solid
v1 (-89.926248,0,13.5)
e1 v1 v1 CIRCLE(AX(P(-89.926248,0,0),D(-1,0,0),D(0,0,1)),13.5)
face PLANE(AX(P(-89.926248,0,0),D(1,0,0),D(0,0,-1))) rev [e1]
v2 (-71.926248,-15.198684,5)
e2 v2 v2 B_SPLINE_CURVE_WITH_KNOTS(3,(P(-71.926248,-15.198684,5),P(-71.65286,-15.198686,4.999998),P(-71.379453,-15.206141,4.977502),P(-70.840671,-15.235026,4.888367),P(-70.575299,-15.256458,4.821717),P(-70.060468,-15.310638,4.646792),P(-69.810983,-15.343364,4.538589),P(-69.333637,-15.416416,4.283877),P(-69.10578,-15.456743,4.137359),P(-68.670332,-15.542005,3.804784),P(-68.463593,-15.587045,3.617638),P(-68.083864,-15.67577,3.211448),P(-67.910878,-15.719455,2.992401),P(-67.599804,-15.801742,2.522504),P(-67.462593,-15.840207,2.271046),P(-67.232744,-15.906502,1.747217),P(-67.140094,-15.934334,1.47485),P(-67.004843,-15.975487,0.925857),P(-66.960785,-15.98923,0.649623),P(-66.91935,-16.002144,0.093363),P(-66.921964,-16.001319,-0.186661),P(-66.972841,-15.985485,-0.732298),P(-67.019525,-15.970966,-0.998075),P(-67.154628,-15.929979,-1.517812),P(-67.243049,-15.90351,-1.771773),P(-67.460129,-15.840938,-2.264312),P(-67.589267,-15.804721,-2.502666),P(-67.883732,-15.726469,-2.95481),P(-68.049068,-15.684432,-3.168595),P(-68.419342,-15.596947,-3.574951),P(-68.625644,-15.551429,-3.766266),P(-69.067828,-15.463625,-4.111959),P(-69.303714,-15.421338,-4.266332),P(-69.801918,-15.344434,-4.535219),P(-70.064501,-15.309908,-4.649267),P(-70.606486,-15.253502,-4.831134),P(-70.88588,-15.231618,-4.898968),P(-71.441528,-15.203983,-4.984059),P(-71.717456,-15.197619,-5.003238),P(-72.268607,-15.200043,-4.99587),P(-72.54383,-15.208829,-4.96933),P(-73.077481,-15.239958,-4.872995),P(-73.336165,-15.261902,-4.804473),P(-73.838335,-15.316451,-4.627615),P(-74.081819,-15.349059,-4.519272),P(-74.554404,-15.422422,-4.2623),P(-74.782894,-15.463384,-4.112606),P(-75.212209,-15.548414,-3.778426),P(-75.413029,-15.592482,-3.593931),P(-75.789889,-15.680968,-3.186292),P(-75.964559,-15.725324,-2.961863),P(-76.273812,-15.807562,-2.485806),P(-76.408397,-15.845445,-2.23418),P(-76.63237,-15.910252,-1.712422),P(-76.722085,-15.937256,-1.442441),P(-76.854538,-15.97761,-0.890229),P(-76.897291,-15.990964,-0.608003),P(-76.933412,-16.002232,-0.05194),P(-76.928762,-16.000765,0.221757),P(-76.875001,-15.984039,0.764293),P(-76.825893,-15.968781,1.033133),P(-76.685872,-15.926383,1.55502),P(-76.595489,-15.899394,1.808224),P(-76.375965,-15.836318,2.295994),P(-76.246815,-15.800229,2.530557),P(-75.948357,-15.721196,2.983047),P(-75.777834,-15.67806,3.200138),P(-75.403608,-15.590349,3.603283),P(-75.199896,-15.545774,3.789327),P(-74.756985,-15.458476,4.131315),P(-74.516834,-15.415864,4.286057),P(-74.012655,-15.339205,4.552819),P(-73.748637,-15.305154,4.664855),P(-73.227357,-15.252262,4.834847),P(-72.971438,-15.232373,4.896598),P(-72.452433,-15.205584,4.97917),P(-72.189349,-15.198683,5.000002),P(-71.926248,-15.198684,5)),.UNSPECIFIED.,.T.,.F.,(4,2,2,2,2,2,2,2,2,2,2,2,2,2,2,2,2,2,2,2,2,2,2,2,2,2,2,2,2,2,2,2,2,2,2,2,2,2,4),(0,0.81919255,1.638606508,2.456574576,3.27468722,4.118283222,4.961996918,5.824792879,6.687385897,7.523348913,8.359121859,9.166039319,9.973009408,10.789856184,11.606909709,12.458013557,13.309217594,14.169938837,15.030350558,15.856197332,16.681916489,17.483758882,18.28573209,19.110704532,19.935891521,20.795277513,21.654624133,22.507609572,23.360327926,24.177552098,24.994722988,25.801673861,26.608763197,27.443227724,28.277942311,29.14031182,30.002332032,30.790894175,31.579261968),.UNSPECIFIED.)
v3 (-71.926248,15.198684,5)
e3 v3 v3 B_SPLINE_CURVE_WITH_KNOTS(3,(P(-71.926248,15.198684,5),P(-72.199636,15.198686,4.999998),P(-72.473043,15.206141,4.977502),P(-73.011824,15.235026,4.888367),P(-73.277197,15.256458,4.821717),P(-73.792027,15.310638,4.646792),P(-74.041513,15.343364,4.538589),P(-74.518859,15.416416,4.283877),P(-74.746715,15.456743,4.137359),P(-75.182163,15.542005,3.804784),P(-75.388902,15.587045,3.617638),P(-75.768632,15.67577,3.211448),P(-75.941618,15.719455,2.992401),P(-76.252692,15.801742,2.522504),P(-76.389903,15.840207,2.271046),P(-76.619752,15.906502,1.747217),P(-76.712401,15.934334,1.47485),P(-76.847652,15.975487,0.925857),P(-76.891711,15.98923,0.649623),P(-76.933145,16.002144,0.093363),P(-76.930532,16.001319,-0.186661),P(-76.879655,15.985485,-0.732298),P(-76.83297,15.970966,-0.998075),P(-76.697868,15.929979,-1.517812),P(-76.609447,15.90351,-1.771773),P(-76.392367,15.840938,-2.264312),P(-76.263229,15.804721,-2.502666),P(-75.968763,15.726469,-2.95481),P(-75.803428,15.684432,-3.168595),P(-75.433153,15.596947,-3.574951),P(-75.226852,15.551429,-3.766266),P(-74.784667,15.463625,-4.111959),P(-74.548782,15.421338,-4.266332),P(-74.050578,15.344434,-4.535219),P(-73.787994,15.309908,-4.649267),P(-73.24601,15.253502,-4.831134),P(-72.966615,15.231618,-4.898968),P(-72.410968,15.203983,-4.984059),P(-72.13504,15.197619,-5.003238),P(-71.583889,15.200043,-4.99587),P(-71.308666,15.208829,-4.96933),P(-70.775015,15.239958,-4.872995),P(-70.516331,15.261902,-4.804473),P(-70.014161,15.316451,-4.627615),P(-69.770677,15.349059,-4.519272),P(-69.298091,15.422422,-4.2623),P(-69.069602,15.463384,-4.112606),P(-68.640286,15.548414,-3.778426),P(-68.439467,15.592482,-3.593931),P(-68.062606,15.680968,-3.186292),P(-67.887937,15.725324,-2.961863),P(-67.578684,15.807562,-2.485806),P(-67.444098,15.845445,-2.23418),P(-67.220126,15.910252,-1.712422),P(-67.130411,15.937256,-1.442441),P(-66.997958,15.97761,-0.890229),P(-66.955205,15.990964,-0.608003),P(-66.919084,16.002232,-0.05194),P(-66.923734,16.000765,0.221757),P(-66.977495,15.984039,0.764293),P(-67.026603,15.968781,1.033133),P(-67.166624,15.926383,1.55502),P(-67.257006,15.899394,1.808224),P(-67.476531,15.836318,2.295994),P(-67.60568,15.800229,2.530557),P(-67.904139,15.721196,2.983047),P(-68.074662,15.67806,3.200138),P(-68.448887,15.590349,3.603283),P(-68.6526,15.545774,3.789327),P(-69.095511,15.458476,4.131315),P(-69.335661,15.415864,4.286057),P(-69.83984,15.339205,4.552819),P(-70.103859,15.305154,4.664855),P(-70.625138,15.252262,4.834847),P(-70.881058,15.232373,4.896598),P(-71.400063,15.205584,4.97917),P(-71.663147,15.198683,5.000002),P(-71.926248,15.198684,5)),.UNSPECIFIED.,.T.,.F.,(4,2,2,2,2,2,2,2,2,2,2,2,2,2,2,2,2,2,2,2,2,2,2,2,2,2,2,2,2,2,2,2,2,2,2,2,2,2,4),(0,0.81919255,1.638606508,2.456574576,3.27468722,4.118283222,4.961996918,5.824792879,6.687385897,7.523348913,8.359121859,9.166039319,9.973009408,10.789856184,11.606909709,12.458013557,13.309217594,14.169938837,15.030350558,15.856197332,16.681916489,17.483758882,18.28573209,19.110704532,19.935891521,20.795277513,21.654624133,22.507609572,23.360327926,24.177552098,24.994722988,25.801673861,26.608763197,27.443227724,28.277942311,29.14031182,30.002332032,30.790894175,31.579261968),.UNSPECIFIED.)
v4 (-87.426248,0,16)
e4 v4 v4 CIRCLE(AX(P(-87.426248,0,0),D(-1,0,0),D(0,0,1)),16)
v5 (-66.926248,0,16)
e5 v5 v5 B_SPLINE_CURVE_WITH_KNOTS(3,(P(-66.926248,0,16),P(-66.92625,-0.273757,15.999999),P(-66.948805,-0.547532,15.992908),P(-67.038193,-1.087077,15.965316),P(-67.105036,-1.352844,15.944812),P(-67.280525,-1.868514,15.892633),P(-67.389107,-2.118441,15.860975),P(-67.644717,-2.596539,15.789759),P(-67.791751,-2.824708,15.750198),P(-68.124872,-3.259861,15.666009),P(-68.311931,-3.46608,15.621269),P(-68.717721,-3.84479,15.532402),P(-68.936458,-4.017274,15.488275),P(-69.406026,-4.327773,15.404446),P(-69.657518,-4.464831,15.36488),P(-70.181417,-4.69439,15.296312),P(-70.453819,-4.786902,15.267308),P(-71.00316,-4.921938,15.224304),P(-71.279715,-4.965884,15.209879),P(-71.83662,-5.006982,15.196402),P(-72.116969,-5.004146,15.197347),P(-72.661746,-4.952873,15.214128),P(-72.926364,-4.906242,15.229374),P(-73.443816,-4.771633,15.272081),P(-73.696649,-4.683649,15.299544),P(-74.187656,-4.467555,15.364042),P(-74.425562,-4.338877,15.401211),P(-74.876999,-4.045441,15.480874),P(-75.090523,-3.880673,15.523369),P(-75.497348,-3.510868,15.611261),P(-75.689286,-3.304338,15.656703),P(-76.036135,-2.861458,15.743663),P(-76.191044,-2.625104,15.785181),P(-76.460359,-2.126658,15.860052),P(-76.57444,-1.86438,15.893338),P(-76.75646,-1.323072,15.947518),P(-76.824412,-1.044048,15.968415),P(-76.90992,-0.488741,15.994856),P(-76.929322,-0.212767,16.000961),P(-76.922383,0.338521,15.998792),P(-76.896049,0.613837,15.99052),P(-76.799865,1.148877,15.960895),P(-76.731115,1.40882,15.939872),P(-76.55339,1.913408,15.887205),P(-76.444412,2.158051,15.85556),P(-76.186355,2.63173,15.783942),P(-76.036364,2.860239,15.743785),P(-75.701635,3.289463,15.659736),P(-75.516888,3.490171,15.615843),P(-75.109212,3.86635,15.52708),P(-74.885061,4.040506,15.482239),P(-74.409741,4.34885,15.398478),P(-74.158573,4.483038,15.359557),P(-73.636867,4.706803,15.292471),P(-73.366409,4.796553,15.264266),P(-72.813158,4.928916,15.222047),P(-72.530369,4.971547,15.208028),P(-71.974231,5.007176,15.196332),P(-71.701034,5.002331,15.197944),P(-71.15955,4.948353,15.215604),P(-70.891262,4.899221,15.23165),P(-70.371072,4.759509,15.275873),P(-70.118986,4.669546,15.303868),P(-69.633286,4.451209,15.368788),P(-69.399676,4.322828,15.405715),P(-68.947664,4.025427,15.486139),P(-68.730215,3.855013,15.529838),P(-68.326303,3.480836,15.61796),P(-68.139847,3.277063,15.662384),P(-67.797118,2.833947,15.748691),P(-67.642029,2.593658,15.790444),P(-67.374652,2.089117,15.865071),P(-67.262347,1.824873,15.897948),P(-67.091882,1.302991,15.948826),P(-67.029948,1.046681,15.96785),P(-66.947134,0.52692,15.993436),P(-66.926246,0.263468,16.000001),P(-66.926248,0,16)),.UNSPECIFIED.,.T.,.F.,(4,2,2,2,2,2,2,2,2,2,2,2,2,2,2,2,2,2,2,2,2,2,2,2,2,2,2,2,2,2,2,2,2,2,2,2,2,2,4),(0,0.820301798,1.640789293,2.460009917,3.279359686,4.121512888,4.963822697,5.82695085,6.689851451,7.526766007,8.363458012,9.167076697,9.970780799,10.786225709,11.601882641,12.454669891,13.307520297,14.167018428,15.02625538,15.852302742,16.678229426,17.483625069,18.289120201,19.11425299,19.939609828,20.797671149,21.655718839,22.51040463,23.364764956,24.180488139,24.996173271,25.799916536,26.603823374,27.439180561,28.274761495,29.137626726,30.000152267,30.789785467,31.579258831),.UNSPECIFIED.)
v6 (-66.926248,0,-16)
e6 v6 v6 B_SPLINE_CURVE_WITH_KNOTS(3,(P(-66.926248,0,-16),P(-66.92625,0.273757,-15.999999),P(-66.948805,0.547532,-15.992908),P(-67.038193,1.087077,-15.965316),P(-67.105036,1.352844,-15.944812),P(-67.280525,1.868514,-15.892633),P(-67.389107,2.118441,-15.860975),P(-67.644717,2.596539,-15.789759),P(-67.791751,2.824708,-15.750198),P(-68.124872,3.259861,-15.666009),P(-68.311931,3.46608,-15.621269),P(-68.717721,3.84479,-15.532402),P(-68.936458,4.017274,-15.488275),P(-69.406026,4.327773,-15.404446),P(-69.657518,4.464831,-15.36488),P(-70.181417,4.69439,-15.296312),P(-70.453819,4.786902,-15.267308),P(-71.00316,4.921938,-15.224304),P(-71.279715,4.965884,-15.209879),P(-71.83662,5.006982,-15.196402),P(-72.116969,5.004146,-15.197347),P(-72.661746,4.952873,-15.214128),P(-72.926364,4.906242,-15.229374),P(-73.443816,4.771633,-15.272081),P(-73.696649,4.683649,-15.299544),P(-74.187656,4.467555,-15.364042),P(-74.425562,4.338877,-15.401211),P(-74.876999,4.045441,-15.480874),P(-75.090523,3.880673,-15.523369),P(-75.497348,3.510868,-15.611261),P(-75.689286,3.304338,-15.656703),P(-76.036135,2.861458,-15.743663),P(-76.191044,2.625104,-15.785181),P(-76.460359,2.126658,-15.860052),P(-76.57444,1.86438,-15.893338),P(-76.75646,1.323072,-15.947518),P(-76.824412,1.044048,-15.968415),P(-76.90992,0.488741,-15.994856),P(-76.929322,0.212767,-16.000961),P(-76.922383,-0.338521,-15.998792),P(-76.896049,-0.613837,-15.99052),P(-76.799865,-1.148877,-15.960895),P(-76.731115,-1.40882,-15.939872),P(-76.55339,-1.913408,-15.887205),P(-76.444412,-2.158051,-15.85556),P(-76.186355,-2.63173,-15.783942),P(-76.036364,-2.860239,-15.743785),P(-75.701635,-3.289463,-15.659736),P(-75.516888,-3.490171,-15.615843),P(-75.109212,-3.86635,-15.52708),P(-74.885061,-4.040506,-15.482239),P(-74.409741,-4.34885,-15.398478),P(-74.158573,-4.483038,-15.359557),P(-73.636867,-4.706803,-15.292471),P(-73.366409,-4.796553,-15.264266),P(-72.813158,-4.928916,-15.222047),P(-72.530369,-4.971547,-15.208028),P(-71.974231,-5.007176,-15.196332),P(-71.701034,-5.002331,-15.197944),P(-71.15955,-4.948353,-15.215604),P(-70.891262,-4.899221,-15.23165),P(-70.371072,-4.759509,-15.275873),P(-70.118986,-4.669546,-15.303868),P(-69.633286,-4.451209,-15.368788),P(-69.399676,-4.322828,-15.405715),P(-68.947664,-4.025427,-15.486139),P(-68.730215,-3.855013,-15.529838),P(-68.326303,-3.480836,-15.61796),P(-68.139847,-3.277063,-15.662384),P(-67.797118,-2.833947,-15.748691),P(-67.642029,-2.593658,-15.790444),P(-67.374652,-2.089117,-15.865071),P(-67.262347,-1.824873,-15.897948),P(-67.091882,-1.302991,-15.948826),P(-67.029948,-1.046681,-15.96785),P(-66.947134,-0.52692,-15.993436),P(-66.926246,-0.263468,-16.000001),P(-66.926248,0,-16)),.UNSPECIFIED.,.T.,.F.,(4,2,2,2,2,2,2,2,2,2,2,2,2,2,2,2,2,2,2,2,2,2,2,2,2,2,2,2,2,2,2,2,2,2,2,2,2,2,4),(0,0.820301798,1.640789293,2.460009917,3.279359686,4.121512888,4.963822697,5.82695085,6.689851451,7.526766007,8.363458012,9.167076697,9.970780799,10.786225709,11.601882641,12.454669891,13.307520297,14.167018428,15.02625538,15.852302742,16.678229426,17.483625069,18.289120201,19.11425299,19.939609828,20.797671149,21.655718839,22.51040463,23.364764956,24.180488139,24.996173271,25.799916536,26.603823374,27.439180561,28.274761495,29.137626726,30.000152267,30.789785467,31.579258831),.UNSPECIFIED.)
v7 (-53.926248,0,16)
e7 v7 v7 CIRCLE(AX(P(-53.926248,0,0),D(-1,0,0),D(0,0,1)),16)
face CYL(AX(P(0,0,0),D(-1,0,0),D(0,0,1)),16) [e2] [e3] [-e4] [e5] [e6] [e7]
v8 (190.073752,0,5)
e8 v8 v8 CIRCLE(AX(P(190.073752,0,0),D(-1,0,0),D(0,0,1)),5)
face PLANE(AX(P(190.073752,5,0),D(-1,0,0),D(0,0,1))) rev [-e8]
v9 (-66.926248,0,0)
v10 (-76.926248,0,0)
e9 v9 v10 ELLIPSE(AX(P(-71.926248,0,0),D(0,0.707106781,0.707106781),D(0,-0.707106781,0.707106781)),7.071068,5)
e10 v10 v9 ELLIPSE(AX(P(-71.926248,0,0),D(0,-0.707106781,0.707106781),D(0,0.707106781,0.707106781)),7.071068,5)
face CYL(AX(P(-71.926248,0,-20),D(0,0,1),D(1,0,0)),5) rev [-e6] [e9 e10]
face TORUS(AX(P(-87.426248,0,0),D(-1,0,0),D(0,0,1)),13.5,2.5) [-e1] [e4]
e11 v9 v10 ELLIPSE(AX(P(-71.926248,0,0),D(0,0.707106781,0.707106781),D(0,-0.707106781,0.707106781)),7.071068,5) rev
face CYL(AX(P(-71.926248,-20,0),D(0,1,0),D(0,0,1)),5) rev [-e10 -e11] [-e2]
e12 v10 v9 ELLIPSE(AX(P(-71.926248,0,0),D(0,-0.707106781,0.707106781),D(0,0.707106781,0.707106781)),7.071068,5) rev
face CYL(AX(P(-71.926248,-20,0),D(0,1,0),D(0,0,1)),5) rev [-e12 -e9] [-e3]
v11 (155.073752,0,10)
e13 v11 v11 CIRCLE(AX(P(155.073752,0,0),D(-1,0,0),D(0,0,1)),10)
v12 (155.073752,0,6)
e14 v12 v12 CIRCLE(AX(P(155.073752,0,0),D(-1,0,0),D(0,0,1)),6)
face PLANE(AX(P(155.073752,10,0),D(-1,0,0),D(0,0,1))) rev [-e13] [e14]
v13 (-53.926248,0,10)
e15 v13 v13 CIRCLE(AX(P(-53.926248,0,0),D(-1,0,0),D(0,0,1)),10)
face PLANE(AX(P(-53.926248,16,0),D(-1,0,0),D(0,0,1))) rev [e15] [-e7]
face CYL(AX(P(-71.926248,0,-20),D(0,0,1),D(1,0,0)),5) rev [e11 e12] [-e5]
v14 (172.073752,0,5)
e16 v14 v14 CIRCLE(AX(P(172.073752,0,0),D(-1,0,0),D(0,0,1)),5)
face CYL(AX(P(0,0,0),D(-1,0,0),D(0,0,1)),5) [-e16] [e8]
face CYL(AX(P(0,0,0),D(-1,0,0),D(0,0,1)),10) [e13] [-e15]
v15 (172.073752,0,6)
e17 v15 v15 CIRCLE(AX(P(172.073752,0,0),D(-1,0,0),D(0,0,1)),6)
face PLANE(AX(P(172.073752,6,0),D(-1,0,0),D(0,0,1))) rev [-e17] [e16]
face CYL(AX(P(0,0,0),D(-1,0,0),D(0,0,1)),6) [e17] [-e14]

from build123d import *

# Parameters (mm, degrees)
SKETCH3_R      = 5
EXTRUDE2_DEPTH = 20
SKETCH2_R      = 5
EXTRUDE3_DEPTH = 20


with BuildPart() as part:
    # Sketch1 → Revolve1 (revolve)
    with BuildSketch(Plane.XY, mode=Mode.PRIVATE) as revolve1_sk:
        with BuildLine():
            Line((-89.926247849, 0), (-89.926247849, 13.5))
            ThreePointArc((-89.926247849, 13.5), (-89.194014801, 15.267766953), (-87.426247849, 16))
            Line((-87.426247849, 16), (-53.926247849, 16))
            Line((-53.926247849, 16), (-53.926247849, 10))
            Line((-53.926247849, 10), (155.073752151, 10))
            Line((155.073752151, 10), (155.073752151, 6))
            Line((155.073752151, 6), (172.073752151, 6))
            Line((172.073752151, 6), (172.073752151, 5))
            Line((172.073752151, 5), (190.073752151, 5))
            Line((190.073752151, 5), (190.073752151, 0))
            Line((190.073752151, 0), (-89.926247849, 0))
        make_face()
    revolve(revolve1_sk.sketch.rotate(Axis((0, 0, 0), (1, 0, 0)), 90), axis=Axis((0, 0, 0), (1, 0, 0)))

    # Sketch3 → Extrude2 (cut, symmetric)
    with BuildSketch(Plane.XY):
        with Locations((-71.926247849, 0)):
            Circle(SKETCH3_R)
    extrude(amount=EXTRUDE2_DEPTH, both=True, mode=Mode.SUBTRACT)

    # Sketch2 → Extrude3 (cut, symmetric)
    with BuildSketch(Plane(origin=(0, 0, 0), x_dir=(1, 0, 0), z_dir=(0, 1, 0))):
        with Locations(Location((-71.926247849, 0, 0), (0, 0, 270))):
            Circle(SKETCH2_R)
    extrude(amount=EXTRUDE3_DEPTH, both=True, mode=Mode.SUBTRACT)


solid = part.part
